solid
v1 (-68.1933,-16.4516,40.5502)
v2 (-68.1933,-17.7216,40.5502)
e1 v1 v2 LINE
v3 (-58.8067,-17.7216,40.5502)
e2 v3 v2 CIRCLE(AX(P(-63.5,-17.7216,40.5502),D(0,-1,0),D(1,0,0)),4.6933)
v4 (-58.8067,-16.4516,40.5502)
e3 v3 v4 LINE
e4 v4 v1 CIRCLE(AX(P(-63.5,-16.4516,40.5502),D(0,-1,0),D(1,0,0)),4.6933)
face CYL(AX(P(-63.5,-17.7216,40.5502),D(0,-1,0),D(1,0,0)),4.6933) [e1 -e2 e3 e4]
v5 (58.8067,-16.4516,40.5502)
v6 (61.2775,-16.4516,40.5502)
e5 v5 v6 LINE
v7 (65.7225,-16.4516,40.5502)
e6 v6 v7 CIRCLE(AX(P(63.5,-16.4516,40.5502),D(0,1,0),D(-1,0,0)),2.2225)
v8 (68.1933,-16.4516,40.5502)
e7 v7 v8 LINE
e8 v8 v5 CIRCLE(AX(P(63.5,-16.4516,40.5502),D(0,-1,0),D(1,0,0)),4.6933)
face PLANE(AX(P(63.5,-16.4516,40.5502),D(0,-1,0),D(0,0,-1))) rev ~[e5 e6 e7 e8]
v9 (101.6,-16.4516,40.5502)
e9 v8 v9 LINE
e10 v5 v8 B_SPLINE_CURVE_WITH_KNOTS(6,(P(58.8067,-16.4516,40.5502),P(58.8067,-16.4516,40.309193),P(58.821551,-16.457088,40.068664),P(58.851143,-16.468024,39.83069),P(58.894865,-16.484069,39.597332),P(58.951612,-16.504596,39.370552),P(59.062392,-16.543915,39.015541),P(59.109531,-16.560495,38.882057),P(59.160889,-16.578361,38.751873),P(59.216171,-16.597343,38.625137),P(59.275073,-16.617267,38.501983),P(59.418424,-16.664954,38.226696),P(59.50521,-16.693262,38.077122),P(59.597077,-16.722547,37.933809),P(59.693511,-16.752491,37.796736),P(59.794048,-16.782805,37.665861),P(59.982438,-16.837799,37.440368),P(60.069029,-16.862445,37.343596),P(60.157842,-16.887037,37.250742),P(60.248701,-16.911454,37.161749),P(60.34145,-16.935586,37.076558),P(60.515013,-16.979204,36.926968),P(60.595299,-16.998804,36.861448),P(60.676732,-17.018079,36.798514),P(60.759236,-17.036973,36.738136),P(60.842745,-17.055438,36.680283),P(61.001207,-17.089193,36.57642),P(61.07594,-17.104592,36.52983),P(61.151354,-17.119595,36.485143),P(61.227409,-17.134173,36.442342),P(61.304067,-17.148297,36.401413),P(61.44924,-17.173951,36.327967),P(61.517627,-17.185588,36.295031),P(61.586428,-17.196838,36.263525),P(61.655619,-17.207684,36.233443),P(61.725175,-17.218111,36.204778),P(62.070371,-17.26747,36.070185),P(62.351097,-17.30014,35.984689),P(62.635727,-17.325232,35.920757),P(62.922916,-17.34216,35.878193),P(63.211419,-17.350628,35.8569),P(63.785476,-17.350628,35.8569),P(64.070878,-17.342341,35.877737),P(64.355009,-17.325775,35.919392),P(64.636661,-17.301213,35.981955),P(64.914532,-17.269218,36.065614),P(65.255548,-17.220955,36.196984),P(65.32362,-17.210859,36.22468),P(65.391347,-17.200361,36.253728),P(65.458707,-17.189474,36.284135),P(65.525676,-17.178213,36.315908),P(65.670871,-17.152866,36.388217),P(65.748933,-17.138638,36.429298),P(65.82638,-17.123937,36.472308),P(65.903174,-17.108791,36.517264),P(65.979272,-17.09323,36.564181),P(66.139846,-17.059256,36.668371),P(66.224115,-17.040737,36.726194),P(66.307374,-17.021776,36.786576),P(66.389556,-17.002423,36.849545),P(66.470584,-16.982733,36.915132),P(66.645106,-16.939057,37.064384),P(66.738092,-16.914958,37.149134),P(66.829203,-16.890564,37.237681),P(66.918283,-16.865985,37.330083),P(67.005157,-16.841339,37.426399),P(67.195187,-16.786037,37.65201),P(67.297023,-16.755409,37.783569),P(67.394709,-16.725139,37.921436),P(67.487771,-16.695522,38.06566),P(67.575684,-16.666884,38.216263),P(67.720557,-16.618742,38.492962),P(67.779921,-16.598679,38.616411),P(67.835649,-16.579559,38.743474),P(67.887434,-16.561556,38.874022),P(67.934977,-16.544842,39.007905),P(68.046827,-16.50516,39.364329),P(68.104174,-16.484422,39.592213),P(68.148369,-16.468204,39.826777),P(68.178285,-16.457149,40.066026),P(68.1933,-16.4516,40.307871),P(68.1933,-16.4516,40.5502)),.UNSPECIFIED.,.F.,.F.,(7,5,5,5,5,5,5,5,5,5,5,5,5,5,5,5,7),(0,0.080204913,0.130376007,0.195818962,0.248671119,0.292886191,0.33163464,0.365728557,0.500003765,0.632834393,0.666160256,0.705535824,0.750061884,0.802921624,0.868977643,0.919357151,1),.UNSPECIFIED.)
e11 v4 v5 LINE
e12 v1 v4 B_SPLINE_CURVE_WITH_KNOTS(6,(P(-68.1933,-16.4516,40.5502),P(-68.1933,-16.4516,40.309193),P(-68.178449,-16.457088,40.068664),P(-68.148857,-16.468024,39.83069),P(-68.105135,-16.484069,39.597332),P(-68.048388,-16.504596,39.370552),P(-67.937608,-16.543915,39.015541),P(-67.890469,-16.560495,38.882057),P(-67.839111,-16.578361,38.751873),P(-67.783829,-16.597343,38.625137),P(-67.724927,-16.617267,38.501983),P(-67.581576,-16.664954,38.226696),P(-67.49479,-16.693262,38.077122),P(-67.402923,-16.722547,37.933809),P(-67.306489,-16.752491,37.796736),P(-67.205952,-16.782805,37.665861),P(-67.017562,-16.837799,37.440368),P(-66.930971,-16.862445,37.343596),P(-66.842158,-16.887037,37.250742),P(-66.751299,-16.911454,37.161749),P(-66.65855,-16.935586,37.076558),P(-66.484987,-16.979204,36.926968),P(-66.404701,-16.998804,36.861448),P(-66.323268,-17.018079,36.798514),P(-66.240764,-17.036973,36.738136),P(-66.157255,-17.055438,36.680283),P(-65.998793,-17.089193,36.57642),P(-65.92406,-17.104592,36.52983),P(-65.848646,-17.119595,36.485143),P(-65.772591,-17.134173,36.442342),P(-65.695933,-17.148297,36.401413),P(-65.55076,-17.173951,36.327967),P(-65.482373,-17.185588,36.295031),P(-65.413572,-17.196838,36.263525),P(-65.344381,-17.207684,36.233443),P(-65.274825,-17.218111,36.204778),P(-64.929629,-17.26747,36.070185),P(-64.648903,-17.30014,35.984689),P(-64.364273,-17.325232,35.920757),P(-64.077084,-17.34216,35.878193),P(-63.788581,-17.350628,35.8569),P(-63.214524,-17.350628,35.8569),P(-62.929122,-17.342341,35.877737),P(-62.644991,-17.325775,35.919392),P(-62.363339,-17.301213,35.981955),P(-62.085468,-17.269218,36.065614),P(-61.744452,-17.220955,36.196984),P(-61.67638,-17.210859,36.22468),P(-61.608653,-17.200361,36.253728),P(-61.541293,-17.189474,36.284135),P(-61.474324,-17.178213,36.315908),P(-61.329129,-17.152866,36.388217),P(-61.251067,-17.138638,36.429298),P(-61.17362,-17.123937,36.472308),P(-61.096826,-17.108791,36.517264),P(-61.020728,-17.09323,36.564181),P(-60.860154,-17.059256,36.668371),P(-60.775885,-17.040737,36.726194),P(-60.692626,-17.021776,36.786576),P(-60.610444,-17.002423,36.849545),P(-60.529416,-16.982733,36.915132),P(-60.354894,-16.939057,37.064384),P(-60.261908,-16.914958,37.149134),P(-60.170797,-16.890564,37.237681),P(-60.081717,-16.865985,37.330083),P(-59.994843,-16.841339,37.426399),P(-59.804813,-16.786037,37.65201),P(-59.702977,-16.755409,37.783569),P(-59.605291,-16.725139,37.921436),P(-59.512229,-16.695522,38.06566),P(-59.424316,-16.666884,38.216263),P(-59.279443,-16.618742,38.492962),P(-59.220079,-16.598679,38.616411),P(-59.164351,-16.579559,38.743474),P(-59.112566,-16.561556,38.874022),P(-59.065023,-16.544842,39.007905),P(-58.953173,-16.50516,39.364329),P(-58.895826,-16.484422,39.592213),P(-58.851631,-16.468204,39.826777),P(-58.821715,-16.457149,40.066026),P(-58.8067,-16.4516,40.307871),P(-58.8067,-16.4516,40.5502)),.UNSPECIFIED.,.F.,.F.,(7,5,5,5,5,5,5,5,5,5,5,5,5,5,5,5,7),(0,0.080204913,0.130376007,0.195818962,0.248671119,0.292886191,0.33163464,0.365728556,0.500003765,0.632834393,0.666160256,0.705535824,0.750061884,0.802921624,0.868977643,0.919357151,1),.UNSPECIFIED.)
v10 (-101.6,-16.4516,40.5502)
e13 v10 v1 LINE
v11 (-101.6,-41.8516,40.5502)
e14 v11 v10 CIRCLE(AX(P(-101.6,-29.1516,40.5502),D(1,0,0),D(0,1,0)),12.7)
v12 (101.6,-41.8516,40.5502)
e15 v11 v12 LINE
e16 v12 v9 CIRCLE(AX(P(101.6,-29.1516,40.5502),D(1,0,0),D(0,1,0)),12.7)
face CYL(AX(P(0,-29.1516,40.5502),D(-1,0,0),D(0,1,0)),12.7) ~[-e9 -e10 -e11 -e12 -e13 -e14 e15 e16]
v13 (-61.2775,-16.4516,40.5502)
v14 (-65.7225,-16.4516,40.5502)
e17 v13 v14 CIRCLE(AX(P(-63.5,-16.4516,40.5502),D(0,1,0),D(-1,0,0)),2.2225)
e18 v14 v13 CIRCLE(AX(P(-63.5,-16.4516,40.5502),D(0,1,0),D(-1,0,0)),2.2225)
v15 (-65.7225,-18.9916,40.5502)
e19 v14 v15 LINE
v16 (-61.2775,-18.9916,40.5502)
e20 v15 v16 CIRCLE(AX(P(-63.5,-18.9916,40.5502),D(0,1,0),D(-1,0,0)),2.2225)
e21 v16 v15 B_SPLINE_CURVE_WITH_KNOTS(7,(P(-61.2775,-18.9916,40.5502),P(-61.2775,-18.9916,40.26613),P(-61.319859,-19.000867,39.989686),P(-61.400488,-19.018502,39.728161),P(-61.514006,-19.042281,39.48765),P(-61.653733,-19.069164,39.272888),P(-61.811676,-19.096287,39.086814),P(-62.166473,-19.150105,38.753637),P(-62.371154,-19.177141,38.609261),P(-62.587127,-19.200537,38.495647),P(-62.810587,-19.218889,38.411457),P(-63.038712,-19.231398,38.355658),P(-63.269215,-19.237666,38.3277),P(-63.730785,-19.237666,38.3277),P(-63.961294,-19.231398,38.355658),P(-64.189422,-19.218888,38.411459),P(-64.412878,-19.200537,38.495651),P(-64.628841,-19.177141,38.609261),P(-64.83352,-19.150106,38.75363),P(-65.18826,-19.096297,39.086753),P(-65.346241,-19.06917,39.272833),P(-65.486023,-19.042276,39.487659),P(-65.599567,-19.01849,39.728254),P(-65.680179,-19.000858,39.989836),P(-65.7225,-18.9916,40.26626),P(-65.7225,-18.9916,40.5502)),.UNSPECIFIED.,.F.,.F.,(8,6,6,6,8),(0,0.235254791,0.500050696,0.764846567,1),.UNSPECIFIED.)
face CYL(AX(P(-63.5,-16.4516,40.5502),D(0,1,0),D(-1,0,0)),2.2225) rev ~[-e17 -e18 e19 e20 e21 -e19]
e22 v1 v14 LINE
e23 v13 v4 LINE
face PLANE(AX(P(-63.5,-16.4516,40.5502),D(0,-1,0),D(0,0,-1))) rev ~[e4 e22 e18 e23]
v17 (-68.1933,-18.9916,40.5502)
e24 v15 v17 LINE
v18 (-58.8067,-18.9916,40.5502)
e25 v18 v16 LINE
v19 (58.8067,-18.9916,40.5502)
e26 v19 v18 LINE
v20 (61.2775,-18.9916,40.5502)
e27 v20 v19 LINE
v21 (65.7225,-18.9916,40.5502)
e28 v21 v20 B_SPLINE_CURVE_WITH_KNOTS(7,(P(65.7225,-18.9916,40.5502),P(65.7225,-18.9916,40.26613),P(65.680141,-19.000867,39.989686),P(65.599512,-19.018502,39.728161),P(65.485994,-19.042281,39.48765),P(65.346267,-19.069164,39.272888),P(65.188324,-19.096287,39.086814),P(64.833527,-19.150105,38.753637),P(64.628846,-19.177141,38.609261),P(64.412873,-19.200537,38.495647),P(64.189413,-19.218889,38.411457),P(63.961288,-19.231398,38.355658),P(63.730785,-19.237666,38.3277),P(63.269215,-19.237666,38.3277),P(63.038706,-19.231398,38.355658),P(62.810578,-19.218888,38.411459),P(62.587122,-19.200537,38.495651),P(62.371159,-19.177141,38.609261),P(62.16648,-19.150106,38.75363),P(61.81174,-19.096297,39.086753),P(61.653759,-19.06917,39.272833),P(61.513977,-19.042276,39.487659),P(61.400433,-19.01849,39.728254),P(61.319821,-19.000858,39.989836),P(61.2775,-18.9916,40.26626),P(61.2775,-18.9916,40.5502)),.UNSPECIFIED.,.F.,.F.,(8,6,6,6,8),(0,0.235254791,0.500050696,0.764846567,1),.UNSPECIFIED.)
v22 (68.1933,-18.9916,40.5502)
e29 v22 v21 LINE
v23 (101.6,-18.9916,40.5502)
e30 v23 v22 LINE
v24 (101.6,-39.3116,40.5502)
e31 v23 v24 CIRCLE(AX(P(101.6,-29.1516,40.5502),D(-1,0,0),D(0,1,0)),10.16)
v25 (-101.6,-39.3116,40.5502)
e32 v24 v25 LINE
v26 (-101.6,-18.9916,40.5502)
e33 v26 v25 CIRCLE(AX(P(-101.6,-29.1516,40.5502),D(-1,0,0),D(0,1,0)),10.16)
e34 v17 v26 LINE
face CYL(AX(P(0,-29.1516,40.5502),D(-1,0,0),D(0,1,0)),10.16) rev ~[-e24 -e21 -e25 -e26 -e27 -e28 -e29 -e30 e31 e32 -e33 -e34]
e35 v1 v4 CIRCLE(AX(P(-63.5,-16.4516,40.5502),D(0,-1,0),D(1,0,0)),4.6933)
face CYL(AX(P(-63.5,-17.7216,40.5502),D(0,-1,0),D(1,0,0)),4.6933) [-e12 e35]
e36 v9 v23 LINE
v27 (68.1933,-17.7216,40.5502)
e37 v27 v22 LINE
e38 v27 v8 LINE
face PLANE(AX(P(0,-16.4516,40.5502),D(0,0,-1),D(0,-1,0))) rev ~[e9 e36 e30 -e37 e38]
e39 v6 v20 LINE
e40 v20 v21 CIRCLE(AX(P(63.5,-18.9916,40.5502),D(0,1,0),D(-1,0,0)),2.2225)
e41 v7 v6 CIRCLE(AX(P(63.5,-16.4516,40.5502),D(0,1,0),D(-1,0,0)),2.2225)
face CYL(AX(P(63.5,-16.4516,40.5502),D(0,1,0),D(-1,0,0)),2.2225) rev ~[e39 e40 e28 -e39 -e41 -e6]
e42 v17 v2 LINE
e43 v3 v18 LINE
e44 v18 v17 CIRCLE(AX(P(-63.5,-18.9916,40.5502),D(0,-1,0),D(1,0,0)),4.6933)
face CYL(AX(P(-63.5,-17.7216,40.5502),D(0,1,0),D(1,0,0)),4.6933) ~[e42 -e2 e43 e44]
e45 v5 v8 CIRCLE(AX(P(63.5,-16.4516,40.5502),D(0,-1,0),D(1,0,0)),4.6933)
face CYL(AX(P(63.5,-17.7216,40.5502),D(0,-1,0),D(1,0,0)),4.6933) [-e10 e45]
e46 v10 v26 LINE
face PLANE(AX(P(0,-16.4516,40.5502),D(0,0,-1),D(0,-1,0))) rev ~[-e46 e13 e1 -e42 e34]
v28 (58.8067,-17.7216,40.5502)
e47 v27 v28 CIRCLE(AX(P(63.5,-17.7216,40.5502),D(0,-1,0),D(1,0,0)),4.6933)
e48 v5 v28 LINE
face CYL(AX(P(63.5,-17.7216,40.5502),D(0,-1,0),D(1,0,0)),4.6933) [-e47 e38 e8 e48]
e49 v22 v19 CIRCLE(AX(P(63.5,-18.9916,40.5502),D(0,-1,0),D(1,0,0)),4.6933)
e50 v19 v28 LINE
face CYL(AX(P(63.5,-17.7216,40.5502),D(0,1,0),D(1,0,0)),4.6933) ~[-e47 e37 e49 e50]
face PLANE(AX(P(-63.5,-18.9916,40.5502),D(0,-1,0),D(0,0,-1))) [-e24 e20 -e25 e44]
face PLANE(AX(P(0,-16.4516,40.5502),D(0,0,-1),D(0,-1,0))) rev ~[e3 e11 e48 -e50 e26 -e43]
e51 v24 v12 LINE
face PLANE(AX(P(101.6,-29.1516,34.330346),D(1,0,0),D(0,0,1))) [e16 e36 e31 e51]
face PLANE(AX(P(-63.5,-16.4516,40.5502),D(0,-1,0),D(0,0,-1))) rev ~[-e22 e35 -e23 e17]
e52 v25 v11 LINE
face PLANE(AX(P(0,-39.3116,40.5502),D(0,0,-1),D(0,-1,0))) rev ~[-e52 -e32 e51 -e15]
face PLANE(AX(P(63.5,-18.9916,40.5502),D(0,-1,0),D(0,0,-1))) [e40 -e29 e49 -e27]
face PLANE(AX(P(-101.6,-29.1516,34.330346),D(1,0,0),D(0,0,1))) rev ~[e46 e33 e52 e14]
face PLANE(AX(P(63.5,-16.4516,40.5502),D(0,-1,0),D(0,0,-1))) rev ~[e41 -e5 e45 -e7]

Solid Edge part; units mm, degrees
sketch "Sketch1" plane through (0, 0, 0) normal (1, 0, 0) x (0, 1, 0)
  line L0 (-39.3116, 40.5502) -> (-41.8516, 40.5502)
  line L1 (-16.4516, 40.5502) -> (-18.9916, 40.5502)
  arc A0 (-18.9916, 40.5502) -> (-39.3116, 40.5502) centre (-29.1516, 40.5502) cw
  arc A1 (-41.8516, 40.5502) -> (-16.4516, 40.5502) centre (-29.1516, 40.5502) ccw
extrude "Protrusion1" add sketch "Sketch1" along normal mid plane 203.2
sketch "Sketch2" plane through (0, -17.7216, 0) normal (0, -1, 0) x (1, 0, 0)
  circle A0 centre (63.5, 40.5502) radius 4.6933
  circle A1 centre (-63.5, 40.5502) radius 4.6933
  dimension "D1" = 127
  dimension "D2" = 63.5
extrude "Protrusion2" add sketch "Sketch2" along normal mid plane 2.54
sketch "Sketch3" plane through (63.5, -16.4516, 40.5502) normal (0, 1, 0) x (-1, 0, 0)
  circle A0 centre (127, 0) radius 2.2225
  circle A1 centre (0, 0) radius 2.2225
  dimension "D1" = 4.445
  dimension "D2" = 127
extrude "Cutout1" cut sketch "Sketch3" against normal up to vertex (12.7 mm away)
properties material "ALUMINUM"
